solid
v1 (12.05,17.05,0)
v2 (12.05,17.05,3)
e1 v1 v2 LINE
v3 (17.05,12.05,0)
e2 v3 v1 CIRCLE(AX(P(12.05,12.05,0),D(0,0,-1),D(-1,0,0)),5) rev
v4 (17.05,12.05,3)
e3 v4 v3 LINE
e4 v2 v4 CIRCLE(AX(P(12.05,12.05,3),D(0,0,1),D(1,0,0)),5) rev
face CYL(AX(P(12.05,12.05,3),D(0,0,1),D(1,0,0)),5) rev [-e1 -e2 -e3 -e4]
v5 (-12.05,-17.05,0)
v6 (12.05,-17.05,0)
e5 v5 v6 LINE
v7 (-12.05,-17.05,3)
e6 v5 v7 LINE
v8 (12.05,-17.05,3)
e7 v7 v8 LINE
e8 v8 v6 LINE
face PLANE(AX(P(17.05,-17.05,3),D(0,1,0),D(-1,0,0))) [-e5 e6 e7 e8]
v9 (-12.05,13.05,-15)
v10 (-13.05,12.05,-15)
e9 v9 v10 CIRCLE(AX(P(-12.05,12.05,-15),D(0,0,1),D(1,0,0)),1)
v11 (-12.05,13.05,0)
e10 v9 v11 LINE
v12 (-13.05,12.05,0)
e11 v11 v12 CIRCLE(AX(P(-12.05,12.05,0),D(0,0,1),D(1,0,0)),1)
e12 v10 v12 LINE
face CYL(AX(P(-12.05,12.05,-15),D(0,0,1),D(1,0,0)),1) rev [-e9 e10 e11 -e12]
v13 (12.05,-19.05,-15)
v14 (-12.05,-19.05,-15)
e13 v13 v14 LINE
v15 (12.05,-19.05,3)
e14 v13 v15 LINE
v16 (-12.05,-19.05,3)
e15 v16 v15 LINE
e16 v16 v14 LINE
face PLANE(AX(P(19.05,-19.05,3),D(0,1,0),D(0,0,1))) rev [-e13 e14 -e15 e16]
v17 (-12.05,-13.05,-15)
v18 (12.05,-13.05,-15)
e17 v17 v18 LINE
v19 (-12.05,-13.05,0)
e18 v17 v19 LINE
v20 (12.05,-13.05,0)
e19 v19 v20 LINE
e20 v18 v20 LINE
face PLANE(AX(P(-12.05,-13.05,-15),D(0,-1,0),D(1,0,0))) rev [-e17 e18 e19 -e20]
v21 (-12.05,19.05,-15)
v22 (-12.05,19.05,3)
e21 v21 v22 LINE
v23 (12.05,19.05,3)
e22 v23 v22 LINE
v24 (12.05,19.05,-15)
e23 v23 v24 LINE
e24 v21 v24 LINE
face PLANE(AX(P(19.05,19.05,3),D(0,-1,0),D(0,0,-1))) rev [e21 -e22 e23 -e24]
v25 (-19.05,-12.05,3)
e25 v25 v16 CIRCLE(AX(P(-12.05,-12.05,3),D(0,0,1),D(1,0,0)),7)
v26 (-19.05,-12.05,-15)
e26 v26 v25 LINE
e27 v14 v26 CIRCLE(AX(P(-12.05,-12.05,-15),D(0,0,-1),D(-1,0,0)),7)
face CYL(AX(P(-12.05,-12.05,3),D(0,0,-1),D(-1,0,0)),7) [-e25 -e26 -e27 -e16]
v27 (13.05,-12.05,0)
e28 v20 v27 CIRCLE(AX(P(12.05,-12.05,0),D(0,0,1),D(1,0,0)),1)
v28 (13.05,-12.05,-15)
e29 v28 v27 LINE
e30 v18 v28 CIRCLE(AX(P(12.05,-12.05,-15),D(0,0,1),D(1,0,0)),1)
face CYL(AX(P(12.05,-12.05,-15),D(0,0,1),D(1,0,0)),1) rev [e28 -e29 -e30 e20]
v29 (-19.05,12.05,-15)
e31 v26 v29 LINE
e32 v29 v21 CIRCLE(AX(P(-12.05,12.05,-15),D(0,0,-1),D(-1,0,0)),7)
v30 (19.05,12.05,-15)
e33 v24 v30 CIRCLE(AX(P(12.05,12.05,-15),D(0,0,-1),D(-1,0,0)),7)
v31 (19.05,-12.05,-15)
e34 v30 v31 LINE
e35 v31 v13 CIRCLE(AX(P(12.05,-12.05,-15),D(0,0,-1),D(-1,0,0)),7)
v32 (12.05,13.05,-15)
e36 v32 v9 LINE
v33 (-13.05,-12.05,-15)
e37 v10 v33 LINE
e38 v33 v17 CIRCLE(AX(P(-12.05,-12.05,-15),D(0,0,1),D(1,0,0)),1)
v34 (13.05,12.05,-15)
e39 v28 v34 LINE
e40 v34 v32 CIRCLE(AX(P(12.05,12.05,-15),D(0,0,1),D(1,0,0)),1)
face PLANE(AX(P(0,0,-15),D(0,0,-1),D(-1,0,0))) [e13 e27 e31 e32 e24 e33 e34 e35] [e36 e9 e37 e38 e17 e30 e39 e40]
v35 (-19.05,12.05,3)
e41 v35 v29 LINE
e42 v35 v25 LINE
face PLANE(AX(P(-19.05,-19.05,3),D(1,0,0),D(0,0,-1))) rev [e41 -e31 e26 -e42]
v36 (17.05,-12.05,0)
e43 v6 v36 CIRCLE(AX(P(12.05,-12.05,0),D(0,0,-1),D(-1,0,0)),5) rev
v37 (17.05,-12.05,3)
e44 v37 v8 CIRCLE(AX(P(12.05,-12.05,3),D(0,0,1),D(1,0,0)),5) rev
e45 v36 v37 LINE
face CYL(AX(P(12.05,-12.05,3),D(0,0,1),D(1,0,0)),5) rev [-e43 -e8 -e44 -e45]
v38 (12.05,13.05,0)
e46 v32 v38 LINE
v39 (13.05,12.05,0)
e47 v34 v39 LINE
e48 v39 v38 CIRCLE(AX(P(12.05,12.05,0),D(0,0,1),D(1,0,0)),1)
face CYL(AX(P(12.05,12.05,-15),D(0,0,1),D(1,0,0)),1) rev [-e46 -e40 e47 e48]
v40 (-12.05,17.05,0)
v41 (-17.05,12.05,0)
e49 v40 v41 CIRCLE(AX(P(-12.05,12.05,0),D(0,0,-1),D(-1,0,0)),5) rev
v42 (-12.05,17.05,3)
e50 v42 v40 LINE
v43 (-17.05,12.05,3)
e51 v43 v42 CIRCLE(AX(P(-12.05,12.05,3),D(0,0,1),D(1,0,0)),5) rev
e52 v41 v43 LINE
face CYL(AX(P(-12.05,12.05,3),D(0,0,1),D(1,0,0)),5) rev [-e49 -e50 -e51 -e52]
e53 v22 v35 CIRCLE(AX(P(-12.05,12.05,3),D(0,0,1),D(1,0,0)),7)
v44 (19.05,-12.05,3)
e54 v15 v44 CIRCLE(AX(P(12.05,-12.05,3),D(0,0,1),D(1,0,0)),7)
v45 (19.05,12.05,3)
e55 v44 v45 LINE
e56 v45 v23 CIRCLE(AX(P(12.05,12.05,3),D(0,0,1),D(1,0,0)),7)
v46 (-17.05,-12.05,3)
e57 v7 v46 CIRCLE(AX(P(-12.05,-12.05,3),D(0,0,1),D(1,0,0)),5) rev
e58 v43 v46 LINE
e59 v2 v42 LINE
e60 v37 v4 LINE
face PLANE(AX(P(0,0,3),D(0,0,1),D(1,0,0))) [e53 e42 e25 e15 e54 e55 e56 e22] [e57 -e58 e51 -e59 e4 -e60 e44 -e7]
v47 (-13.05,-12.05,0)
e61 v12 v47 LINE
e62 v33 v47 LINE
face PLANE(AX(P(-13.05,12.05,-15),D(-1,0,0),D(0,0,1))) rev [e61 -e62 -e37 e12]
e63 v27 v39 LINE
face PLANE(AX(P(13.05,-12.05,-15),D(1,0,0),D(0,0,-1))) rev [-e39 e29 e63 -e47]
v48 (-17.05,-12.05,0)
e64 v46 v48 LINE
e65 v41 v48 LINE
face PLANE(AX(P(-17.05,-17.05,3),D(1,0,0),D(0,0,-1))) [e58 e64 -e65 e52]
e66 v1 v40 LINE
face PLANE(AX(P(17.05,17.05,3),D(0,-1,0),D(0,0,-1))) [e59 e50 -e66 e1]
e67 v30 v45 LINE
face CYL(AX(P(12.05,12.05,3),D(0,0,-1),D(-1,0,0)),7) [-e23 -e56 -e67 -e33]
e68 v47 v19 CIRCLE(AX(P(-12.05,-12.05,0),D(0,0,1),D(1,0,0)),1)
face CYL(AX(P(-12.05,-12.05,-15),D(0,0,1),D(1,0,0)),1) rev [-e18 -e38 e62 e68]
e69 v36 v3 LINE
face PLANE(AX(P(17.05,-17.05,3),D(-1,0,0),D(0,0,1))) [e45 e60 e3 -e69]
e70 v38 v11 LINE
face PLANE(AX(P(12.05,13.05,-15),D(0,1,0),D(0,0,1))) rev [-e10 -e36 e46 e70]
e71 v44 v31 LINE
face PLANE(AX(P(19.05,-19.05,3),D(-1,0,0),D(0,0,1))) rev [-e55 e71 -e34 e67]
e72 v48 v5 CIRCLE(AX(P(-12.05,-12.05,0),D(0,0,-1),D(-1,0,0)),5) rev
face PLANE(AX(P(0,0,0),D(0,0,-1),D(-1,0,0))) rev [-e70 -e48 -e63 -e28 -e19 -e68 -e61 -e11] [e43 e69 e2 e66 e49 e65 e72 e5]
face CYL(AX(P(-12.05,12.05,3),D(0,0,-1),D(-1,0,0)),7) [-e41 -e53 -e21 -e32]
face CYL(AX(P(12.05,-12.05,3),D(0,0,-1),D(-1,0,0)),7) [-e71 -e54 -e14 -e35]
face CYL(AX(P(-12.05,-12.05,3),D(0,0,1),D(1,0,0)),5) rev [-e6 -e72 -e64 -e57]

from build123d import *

# Parameters (mm, degrees)
SKIZZE1_W                       = 38.1
SKIZZE1_H                       = 38.1
SKIZZE1_W_2                     = 34.1
SKIZZE1_H_2                     = 34.1
AUFSATZ_LINEAR_AUSTRAGEN1_DEPTH = 3
SKIZZE2_W                       = 38.1
SKIZZE2_H                       = 38.1
AUFSATZ_LINEAR_AUSTRAGEN2_DEPTH = 15
VERRUNDUNG1_R                   = 5
VERRUNDUNG2_R                   = 7
SCHNITT_LINEAR_AUSTRAGEN1_DEPTH = 15


with BuildPart() as part:
    # Skizze1 → Aufsatz-Linear austragen1 (new body)
    with BuildSketch(Plane.XY):
        Rectangle(SKIZZE1_W, SKIZZE1_H)
        Rectangle(SKIZZE1_W_2, SKIZZE1_H_2, mode=Mode.SUBTRACT)
    extrude(amount=AUFSATZ_LINEAR_AUSTRAGEN1_DEPTH)

    # Skizze2 → Aufsatz-Linear austragen2 (add)
    with BuildSketch(Plane(origin=(0, 0, 0), x_dir=(-1, 0, 0), z_dir=(0, 0, -1))):
        Rectangle(SKIZZE2_W, SKIZZE2_H)
    extrude(amount=AUFSATZ_LINEAR_AUSTRAGEN2_DEPTH)

    # Verrundung1
    verrundung1_edges = [part.edges().sort_by_distance(p)[0] for p in [
        (-17.05, 17.05, 1.5),
        (-17.05, -17.05, 1.5),
        (17.05, -17.05, 1.5),
        (17.05, 17.05, 1.5),
    ]]
    fillet(verrundung1_edges, radius=VERRUNDUNG1_R)

    # Verrundung2
    verrundung2_edges = [part.edges().sort_by_distance(p)[0] for p in [
        (-19.05, 19.05, -6),
        (19.05, 19.05, -6),
        (19.05, -19.05, -6),
        (-19.05, -19.05, -6),
    ]]
    fillet(verrundung2_edges, radius=VERRUNDUNG2_R)

    # Skizze3 → Schnitt-Linear austragen1 (cut)
    with BuildSketch(Plane.XY):
        with BuildLine():
            Line((-13.05, 12.05), (-13.05, -12.05))
            ThreePointArc((-13.05, -12.05), (-12.757106781, -12.757106781), (-12.05, -13.05))
            Line((-12.05, -13.05), (12.05, -13.05))
            ThreePointArc((12.05, -13.05), (12.757106781, -12.757106781), (13.05, -12.05))
            Line((13.05, -12.05), (13.05, 12.05))
            ThreePointArc((13.05, 12.05), (12.757106781, 12.757106781), (12.05, 13.05))
            Line((12.05, 13.05), (-12.05, 13.05))
            ThreePointArc((-12.05, 13.05), (-12.757106781, 12.757106781), (-13.05, 12.05))
        make_face()
    extrude(amount=-SCHNITT_LINEAR_AUSTRAGEN1_DEPTH, mode=Mode.SUBTRACT)


solid = part.part
